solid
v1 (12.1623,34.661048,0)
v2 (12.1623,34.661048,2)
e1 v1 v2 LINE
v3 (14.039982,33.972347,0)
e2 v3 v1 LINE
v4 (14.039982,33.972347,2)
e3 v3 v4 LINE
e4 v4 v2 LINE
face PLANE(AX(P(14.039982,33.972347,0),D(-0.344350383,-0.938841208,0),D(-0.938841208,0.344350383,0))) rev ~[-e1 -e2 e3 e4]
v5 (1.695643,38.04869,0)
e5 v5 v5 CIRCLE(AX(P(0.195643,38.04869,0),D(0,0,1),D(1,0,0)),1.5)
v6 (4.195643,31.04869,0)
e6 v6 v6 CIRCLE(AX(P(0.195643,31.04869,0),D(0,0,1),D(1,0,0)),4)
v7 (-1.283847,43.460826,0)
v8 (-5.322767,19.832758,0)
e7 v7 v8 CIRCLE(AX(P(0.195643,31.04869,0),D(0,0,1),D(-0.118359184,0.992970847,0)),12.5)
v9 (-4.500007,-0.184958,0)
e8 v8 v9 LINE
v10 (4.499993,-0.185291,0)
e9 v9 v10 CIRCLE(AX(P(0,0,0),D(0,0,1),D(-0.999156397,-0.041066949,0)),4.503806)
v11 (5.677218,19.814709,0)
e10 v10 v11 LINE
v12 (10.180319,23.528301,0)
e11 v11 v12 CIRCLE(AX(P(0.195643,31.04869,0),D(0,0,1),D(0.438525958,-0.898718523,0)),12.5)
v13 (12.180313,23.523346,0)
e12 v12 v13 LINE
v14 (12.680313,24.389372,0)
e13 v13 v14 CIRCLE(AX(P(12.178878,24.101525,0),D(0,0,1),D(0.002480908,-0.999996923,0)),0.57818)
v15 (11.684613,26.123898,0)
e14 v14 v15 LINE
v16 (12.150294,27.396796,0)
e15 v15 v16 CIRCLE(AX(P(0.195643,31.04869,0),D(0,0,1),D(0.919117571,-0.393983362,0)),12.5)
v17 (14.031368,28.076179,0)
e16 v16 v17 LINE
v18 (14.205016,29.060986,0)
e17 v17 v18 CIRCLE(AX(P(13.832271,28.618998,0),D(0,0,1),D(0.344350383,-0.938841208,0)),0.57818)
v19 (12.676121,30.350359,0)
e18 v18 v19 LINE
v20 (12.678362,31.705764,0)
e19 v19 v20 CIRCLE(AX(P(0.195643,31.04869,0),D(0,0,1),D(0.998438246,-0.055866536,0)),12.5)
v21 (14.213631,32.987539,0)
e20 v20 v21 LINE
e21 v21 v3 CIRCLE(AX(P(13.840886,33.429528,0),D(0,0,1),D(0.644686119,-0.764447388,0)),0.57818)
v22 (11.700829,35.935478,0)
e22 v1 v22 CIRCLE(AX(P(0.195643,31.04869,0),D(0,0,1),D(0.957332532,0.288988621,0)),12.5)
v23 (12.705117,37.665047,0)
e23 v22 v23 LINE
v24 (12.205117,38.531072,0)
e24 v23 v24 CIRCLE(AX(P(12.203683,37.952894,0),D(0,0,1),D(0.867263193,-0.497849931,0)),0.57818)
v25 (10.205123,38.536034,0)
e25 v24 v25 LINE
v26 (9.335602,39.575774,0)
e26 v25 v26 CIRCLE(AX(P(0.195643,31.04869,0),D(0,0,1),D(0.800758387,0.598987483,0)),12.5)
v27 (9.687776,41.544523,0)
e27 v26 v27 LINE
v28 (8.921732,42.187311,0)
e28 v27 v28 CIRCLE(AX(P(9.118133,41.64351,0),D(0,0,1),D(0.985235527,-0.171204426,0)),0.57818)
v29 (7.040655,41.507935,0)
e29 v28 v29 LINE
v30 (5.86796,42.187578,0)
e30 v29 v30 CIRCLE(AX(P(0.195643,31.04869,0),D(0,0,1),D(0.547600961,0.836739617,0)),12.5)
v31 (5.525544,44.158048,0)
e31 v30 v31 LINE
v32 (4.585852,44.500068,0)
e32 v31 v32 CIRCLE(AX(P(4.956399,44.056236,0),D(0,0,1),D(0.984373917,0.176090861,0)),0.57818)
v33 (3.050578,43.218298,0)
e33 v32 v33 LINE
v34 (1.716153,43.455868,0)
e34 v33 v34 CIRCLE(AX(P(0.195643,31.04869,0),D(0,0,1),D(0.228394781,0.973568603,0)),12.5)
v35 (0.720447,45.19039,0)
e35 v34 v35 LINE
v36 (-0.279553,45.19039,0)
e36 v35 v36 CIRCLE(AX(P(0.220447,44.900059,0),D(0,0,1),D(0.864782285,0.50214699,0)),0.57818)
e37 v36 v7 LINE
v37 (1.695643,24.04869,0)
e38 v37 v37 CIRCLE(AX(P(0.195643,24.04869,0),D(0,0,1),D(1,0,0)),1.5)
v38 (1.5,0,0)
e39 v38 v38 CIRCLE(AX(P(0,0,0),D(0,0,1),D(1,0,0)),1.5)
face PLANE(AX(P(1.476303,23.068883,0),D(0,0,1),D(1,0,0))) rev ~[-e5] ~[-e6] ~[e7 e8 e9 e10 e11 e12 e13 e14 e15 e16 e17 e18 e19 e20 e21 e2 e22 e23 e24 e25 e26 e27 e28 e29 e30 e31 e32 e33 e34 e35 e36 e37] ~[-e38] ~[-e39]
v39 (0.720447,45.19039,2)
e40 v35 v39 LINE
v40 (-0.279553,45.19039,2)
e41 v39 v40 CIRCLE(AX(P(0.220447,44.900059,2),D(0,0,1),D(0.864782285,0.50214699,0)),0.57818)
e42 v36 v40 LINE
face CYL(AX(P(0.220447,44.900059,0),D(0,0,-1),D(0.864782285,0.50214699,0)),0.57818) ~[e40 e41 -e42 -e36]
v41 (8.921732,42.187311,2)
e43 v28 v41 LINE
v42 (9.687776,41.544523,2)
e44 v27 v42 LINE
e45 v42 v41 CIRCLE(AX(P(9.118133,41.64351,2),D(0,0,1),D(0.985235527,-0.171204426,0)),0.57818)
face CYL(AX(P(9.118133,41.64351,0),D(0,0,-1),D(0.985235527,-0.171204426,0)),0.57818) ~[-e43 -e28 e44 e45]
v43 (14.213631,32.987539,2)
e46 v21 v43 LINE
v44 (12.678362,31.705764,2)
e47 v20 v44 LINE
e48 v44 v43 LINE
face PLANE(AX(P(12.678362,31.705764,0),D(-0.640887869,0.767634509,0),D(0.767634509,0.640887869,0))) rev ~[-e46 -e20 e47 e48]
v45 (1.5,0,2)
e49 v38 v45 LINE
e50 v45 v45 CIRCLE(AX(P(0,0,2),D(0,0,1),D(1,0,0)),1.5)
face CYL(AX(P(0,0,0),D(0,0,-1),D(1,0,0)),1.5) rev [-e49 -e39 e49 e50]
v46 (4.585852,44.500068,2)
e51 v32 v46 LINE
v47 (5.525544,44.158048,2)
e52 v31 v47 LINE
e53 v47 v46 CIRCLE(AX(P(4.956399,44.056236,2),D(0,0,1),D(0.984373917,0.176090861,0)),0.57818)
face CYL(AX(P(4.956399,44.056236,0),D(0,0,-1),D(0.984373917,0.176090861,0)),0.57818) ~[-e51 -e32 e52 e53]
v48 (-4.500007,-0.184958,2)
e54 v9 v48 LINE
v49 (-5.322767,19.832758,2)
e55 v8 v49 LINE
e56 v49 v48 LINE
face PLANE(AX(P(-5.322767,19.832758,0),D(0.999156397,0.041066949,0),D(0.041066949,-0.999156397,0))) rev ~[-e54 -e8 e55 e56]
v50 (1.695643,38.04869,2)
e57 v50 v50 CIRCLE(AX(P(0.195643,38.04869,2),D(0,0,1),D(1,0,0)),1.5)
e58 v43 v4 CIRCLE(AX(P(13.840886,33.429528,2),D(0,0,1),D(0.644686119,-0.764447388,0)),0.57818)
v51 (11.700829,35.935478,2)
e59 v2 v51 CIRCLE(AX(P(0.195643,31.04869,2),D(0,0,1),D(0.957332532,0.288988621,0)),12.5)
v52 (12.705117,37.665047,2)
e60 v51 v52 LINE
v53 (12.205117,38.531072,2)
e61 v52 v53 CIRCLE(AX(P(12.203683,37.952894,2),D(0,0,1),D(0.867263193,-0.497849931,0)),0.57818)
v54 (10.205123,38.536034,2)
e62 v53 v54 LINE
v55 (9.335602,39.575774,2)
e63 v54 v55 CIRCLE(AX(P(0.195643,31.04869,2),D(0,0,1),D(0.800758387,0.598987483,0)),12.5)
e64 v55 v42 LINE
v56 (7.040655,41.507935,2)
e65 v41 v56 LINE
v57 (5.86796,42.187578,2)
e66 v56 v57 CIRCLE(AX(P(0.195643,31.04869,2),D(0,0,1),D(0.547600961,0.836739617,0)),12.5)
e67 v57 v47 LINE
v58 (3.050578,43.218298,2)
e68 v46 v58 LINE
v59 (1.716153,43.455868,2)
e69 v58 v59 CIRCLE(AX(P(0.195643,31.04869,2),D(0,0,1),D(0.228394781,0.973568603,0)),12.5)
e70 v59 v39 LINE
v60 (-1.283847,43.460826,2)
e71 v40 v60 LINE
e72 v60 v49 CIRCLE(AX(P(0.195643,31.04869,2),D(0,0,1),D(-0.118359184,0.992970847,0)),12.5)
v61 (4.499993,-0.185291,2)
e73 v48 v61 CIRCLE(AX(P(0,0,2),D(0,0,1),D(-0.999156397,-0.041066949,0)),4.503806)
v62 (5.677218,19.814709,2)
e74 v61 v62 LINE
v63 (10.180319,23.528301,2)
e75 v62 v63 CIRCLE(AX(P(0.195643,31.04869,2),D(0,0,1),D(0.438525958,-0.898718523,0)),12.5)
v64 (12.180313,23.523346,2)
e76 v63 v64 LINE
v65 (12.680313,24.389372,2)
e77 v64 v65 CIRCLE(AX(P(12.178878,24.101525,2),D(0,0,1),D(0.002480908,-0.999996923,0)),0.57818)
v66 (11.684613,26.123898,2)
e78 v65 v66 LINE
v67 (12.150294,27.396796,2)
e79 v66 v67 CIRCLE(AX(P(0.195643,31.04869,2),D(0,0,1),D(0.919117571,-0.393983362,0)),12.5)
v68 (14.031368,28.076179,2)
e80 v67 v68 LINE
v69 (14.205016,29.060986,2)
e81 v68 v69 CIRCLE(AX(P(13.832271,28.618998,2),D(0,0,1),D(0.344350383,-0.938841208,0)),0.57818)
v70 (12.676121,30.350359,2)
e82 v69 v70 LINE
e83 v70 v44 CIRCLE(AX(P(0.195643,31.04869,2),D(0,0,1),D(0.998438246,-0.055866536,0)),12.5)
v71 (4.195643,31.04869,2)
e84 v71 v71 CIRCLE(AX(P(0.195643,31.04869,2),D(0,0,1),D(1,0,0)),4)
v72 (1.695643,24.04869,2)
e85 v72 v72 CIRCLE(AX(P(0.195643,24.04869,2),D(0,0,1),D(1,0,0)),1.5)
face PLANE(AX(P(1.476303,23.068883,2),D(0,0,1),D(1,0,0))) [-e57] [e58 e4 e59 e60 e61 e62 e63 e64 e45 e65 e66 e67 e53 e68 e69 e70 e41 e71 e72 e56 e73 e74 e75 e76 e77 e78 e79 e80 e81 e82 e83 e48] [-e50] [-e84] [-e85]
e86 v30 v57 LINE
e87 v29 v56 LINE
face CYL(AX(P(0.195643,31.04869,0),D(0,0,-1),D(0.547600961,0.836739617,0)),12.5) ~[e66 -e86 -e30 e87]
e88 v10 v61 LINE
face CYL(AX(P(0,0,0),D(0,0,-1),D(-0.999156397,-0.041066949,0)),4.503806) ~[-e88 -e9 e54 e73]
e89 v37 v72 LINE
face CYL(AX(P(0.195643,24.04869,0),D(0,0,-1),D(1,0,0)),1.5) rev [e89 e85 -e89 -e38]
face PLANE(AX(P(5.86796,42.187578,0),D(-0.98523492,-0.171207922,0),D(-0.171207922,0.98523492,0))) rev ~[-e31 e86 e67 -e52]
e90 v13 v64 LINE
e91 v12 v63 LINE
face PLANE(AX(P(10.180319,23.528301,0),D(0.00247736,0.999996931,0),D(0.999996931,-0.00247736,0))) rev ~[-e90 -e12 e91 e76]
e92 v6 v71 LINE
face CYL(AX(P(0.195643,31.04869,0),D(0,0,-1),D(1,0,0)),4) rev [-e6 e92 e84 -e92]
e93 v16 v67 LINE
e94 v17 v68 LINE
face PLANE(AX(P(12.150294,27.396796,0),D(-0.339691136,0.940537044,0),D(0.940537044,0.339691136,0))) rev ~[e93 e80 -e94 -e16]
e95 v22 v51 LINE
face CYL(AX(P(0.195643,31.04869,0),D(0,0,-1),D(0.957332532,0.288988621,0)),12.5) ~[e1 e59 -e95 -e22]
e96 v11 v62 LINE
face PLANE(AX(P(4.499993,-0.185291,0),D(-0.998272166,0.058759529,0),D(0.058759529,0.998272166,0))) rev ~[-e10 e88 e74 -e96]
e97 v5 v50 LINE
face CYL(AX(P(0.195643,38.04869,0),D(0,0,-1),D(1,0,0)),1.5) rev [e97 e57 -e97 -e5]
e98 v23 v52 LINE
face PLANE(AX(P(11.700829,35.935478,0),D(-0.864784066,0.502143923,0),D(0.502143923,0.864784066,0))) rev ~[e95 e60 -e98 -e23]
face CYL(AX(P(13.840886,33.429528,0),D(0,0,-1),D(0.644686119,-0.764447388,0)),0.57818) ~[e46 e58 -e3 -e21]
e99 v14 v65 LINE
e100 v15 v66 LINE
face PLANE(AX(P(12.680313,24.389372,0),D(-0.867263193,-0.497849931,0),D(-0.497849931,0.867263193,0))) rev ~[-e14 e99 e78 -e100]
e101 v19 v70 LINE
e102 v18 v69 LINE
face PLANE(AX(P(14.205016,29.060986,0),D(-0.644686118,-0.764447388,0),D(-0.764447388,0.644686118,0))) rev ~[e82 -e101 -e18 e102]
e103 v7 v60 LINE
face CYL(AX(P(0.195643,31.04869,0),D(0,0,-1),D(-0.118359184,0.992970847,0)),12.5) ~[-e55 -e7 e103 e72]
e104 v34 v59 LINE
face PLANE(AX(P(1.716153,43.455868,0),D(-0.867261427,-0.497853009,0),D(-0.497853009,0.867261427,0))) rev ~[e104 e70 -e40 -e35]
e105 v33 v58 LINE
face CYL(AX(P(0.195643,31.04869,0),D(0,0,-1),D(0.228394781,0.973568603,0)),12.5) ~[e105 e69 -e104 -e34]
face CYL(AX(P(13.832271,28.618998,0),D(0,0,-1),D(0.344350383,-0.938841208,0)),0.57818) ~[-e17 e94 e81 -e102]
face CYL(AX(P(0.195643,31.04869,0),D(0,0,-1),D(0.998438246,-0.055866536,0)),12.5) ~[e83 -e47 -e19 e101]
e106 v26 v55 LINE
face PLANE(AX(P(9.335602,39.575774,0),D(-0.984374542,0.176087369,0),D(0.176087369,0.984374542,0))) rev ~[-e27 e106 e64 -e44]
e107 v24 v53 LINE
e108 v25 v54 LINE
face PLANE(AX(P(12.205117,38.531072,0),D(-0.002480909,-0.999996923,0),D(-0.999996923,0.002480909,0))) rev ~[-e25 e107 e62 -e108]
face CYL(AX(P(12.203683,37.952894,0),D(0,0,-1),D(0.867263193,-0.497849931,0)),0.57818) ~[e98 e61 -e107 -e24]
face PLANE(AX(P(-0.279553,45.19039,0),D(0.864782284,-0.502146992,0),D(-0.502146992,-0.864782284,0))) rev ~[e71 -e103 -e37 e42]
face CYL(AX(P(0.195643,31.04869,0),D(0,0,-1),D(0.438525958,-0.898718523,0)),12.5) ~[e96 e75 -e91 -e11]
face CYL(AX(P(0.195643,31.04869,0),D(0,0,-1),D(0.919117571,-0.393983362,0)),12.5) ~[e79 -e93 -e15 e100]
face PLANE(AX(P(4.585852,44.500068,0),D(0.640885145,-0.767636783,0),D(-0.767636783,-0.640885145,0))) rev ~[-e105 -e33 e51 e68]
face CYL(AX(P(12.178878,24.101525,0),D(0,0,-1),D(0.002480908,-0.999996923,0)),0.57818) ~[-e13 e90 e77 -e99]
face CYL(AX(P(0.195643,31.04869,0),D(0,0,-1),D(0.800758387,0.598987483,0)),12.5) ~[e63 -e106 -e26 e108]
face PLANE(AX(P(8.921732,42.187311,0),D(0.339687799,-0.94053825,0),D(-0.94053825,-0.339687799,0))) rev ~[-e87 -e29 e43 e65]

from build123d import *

# Parameters (mm, degrees)
SKETCH1_R           = 4
SKETCH1_R_2         = 1.5
BOSS_EXTRUDE1_DEPTH = 2


with BuildPart() as part:
    # Sketch1 → Boss-Extrude1 (new body)
    with BuildSketch(Plane.XY):
        with BuildLine():
            Line((-5.322767432, 19.832757644), (-4.500006862, -0.184957582))
            ThreePointArc((-4.500006862, -0.184957582), (-0.000167017, -4.503806283), (4.499993132, -0.185291335))
            Line((4.499993132, -0.185291335), (5.67721776, 19.814708665))
            ThreePointArc((5.67721776, 19.814708665), (8.148561948, 21.404983206), (10.180318916, 23.528301089))
            Line((10.180318916, 23.528301089), (12.180312779, 23.523346368))
            ThreePointArc((12.180312779, 23.523346368), (12.679597114, 23.812434692), (12.680312779, 24.389371772))
            Line((12.680312779, 24.389371772), (11.684612917, 26.123898158))
            ThreePointArc((11.684612917, 26.123898158), (11.934719035, 26.754030681), (12.150293859, 27.396796239))
            Line((12.150293859, 27.396796239), (14.031367948, 28.076178512))
            ThreePointArc((14.031367948, 28.076178512), (14.401667723, 28.518597977), (14.205016126, 29.060986265))
            Line((14.205016126, 29.060986265), (12.67612135, 30.350358501))
            ThreePointArc((12.67612135, 30.350358501), (12.695626208, 31.028030714), (12.678361511, 31.705763698))
            Line((12.678361511, 31.705763698), (14.213630529, 32.987539436))
            ThreePointArc((14.213630529, 32.987539436), (14.410282126, 33.529927724), (14.039982351, 33.972347189))
            Line((14.039982351, 33.972347189), (12.162299935, 34.661047954))
            ThreePointArc((12.162299935, 34.661047954), (11.948850959, 35.304522586), (11.700829119, 35.935478396))
            Line((11.700829119, 35.935478396), (12.705116964, 37.665046528))
            ThreePointArc((12.705116964, 37.665046528), (12.704401299, 38.241983607), (12.205116964, 38.531071932))
            Line((12.205116964, 38.531071932), (10.205123119, 38.536033749))
            ThreePointArc((10.205123119, 38.536033749), (9.784465406, 39.067698263), (9.335601516, 39.575774317))
            Line((9.335601516, 39.575774317), (9.687776253, 41.5445234))
            ThreePointArc((9.687776253, 41.5445234), (9.489779645, 42.086422145), (8.92173181, 42.18731101))
            Line((8.92173181, 42.18731101), (7.040655311, 41.507935412))
            ThreePointArc((7.040655311, 41.507935412), (6.463526388, 41.863663221), (5.867960059, 42.187578047))
            Line((5.867960059, 42.187578047), (5.525544216, 44.158047887))
            ThreePointArc((5.525544216, 44.158047887), (5.154147979, 44.59954731), (4.585851596, 44.500068031))
            Line((4.585851596, 44.500068031), (3.050578029, 43.21829774))
            ThreePointArc((3.050578029, 43.21829774), (2.386588163, 43.355182821), (1.716153483, 43.455867511))
            Line((1.716153483, 43.455867511), (0.720447466, 45.190390364))
            ThreePointArc((0.720447466, 45.190390364), (0.220447466, 45.47823912), (-0.279552534, 45.190390364))
            Line((-0.279552534, 45.190390364), (-1.283846517, 43.460825796))
            ThreePointArc((-1.283846517, 43.460825796), (-12.125641313, 33.154858755), (-5.322767432, 19.832757644))
        make_face()
        with Locations((0.19564328, 31.048690205)):
            Circle(SKETCH1_R, mode=Mode.SUBTRACT)
        with Locations((0.19564328, 38.048690205)):
            Circle(SKETCH1_R_2, mode=Mode.SUBTRACT)
        with Locations((0.19564328, 24.048690205)):
            Circle(SKETCH1_R_2, mode=Mode.SUBTRACT)
        Circle(SKETCH1_R_2, mode=Mode.SUBTRACT)
    extrude(amount=BOSS_EXTRUDE1_DEPTH)


solid = part.part
